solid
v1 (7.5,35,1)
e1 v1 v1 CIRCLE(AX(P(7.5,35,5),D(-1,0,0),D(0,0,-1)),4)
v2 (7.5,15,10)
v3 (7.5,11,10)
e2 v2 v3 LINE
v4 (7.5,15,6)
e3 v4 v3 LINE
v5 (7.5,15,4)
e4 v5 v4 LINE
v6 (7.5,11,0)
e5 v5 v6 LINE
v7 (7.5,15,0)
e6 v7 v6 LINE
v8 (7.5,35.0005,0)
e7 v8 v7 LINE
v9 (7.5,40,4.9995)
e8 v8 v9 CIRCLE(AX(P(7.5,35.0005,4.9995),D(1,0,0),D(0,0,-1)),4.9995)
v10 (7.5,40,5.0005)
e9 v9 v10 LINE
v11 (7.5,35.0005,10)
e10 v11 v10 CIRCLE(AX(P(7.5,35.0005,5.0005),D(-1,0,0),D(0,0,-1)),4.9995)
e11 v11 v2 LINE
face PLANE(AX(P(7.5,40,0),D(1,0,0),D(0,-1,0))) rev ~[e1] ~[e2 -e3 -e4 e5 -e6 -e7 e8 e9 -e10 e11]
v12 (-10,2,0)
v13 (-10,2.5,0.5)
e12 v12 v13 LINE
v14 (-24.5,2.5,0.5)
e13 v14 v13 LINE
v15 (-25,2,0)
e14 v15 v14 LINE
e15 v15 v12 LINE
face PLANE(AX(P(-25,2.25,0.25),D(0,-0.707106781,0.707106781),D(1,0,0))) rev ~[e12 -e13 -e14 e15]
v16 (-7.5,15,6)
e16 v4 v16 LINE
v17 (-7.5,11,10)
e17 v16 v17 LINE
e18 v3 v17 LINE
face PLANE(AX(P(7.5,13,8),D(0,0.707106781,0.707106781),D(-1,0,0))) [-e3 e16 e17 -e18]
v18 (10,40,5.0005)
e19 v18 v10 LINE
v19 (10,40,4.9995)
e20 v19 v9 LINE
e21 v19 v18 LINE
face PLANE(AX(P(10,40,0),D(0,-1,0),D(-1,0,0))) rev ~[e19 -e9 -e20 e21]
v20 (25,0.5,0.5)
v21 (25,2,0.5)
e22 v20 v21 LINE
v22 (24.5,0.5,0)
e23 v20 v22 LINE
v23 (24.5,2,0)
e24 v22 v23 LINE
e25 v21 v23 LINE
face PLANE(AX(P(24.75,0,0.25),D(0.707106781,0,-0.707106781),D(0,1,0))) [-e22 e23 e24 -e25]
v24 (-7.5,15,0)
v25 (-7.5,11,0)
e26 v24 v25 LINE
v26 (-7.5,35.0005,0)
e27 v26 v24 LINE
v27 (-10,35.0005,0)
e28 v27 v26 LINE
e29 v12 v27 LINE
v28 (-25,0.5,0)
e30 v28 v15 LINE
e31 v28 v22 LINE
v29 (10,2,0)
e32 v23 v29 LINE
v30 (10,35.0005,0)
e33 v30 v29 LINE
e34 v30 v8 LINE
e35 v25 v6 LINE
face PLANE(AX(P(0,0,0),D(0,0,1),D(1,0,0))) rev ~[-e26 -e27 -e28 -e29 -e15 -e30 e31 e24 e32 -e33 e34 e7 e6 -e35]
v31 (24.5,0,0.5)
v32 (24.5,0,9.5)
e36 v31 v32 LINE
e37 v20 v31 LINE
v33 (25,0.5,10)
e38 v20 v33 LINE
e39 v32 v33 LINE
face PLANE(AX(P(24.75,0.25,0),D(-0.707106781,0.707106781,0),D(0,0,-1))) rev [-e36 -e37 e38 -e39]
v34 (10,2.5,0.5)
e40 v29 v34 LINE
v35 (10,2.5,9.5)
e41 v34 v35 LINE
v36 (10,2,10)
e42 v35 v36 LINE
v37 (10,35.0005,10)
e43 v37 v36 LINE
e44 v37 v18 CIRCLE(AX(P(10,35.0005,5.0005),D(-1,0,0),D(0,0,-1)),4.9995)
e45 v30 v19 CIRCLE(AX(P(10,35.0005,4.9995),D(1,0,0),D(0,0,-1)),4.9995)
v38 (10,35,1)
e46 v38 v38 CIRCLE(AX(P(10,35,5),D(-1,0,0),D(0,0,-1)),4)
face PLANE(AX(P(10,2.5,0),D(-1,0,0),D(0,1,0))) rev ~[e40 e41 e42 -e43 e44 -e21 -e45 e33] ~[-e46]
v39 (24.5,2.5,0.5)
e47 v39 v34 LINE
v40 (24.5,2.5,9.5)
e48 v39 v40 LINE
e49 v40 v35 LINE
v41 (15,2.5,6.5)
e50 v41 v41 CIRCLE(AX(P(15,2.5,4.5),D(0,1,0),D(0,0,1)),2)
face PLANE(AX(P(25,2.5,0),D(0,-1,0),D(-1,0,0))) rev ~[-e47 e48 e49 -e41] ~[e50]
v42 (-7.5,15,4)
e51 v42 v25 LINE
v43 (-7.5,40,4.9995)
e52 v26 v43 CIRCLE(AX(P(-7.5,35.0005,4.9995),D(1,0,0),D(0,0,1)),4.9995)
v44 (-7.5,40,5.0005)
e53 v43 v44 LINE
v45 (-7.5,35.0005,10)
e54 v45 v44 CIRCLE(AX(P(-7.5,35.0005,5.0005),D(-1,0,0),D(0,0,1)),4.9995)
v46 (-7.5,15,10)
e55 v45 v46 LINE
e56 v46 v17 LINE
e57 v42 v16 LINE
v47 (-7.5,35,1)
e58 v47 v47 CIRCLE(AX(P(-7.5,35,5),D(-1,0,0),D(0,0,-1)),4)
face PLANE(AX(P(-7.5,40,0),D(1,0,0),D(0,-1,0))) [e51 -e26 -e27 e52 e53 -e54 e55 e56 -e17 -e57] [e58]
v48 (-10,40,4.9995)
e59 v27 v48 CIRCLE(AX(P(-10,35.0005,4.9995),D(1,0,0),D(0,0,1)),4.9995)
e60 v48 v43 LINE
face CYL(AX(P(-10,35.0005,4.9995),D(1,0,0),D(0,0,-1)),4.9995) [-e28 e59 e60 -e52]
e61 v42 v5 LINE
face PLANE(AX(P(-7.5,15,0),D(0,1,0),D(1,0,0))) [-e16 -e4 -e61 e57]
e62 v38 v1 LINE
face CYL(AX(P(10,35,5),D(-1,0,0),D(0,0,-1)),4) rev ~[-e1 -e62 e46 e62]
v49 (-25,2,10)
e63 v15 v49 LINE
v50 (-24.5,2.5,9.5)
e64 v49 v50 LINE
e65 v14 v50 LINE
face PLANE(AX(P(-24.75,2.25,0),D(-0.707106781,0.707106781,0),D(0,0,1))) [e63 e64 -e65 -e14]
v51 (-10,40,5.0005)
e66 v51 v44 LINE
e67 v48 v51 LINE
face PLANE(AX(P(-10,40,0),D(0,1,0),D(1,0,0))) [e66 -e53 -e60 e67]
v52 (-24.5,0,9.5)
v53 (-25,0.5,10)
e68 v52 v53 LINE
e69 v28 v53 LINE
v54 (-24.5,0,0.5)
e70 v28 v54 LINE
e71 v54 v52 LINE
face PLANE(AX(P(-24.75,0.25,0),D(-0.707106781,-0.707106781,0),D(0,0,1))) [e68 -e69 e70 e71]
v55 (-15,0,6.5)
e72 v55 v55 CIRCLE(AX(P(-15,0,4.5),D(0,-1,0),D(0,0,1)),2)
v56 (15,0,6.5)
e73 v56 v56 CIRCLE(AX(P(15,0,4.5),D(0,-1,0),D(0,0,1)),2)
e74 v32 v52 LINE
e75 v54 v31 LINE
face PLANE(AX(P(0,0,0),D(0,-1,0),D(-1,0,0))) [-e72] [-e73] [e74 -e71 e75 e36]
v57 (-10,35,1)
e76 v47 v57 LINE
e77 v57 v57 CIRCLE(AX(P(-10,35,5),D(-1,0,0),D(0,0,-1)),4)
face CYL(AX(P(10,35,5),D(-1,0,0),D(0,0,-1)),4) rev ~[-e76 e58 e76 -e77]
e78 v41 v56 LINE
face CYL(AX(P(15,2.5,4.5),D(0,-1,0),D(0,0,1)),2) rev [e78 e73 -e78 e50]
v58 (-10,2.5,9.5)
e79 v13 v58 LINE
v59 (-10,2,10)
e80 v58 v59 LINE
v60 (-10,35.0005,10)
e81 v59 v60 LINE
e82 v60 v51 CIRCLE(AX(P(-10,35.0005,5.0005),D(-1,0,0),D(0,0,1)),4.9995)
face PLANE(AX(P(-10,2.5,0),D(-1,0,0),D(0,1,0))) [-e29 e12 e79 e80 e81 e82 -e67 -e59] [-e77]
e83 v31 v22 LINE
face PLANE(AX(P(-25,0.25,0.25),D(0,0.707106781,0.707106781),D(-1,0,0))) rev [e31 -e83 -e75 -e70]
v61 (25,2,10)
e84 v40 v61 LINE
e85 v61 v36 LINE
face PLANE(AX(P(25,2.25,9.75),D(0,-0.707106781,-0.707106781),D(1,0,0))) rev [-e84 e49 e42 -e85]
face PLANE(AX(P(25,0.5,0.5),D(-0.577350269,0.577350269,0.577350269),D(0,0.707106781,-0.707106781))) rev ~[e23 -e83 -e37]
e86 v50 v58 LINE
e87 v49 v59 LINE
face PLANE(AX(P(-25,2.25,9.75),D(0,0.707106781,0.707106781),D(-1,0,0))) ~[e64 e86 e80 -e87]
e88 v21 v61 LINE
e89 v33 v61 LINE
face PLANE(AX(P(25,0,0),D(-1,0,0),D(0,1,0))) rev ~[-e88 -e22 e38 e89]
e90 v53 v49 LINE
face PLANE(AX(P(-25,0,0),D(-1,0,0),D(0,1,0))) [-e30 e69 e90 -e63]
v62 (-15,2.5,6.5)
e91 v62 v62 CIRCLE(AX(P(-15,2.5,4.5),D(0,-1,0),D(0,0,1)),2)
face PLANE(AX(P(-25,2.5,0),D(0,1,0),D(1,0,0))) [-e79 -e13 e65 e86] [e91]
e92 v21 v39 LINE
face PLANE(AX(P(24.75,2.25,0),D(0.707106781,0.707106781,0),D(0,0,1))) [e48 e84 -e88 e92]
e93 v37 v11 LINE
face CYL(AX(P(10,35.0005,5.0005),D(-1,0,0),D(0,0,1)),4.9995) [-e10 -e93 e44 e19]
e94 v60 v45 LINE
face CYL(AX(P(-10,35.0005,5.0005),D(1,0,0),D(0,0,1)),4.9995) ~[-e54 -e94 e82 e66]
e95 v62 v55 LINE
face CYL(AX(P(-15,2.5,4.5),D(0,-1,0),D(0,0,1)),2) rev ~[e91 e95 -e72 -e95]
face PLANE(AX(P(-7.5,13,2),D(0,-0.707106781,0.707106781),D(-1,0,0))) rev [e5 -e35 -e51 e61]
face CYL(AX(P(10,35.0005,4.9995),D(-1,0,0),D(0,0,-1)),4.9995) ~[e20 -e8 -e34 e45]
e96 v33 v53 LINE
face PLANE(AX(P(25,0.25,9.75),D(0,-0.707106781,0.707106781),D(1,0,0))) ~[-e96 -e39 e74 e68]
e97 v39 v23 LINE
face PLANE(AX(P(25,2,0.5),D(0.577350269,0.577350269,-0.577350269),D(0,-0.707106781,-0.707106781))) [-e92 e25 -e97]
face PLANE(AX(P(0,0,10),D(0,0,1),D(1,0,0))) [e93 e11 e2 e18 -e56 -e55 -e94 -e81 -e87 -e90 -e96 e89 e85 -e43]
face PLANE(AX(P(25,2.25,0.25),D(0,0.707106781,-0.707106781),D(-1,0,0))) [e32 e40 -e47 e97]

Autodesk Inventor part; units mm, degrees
ref_plane "YZ Plane" through (0, 0, 0) normal (1, 0, 0) x (0, 1, 0)
ref_plane "XZ Plane" through (0, 0, 0) normal (0, 1, 0) x (-1, 0, 0)
ref_plane "XY Plane" through (0, 0, 0) normal (0, 0, 1) x (1, 0, 0)
sketch "Sketch4" plane through (0, 0, 0) normal (0, 0, 1) x (1, 0, 0)
  line L0 (0, 0) -> (-25, 0)
  line L1 (-25, 0) -> (-25, 2.5)
  line L2 (-25, 2.5) -> (-10, 2.5)
  line L3 (-10, 2.5) -> (-10, 40)
  line L4 (-10, 40) -> (-7.5, 40)
  line L5 (-7.5, 40) -> (-7.5, 15)
  line L6 (-7.5, 15) -> (0, 15)
  line L7 (0, 15) -> (0, 0)
  line L8 (0, 0) -> (25, 0)
  line L9 (25, 0) -> (25, 2.5)
  line L10 (25, 2.5) -> (10, 2.5)
  line L11 (10, 2.5) -> (10, 40)
  line L12 (10, 40) -> (7.5, 40)
  line L13 (7.5, 40) -> (7.5, 15)
  line L14 (7.5, 15) -> (0, 15)
  dimension "d43" = 25
  dimension "d44" = 2.5
  dimension "d45" = 15
  dimension "d46" = 37.5
  dimension "d47" = 2.5
  dimension "d48" = 25
extrude "Extrusion3" add sketch "Sketch4" along normal blind 10
fillet "Fillet6" radius 5 4 edges at (8.75, 40, 10) (8.75, 40, 0) (-8.75, 40, 0) (-8.75, 40, 10)
chamfer "Chamfer1" distance 0.5 angle 45 11 edges at (17.5, 2.5, 0) (25, 2.5, 5) (17.5, 2.5, 10) (-17.5, 2.5, 0) (-25, 2.5, 5) (-17.5, 2.5, 10) (-12.5, 0, 0) (-25, 0, 5) (-12.5, 0, 10) (25, 0, 5) (25, 1.25, 0)
sketch "Sketch5" plane through (-24.5, 2.5, 0.5) normal (0, 1, 0) x (1, 0, 0)
  line L0 (0, -9) -> (0, 0) projected
  line L1 (0, 0) -> (14.5, 0) projected
  point P0 (24.5, 0.5)
  point P1 (9.5, -4)
  dimension "d57" = 9.5
  dimension "d58" = 4
hole "Hole2" at (-15, 2.5, 4.5) direction (0, -1, 0) diameter 4 end through all
thread "Thread3" size "M4x0.7" class "6H" standard "ANSI Metric M Profile" full length
mirror "Mirror1" about plane through (0, 0, 0) normal (1, 0, 0) of "Hole2"
sketch "Sketch6" plane through (10, 35, 5) normal (1, 0, 0) x (0, 0, -1)
  arc A0 (5, 0) -> (-5, 0) centre (0, 0) ccw projected
  point P0 (5, -35)
hole "Hole3" at (10, 35, 5) direction (-1, 0, 0) diameter 8 end through all
chamfer "Chamfer2" distance 4 angle 45 1 edges at (0, 15, 10)
chamfer "Chamfer3" distance 4 angle 45 1 edges at (0, 15, 0)
properties part number "Bearing Block"
